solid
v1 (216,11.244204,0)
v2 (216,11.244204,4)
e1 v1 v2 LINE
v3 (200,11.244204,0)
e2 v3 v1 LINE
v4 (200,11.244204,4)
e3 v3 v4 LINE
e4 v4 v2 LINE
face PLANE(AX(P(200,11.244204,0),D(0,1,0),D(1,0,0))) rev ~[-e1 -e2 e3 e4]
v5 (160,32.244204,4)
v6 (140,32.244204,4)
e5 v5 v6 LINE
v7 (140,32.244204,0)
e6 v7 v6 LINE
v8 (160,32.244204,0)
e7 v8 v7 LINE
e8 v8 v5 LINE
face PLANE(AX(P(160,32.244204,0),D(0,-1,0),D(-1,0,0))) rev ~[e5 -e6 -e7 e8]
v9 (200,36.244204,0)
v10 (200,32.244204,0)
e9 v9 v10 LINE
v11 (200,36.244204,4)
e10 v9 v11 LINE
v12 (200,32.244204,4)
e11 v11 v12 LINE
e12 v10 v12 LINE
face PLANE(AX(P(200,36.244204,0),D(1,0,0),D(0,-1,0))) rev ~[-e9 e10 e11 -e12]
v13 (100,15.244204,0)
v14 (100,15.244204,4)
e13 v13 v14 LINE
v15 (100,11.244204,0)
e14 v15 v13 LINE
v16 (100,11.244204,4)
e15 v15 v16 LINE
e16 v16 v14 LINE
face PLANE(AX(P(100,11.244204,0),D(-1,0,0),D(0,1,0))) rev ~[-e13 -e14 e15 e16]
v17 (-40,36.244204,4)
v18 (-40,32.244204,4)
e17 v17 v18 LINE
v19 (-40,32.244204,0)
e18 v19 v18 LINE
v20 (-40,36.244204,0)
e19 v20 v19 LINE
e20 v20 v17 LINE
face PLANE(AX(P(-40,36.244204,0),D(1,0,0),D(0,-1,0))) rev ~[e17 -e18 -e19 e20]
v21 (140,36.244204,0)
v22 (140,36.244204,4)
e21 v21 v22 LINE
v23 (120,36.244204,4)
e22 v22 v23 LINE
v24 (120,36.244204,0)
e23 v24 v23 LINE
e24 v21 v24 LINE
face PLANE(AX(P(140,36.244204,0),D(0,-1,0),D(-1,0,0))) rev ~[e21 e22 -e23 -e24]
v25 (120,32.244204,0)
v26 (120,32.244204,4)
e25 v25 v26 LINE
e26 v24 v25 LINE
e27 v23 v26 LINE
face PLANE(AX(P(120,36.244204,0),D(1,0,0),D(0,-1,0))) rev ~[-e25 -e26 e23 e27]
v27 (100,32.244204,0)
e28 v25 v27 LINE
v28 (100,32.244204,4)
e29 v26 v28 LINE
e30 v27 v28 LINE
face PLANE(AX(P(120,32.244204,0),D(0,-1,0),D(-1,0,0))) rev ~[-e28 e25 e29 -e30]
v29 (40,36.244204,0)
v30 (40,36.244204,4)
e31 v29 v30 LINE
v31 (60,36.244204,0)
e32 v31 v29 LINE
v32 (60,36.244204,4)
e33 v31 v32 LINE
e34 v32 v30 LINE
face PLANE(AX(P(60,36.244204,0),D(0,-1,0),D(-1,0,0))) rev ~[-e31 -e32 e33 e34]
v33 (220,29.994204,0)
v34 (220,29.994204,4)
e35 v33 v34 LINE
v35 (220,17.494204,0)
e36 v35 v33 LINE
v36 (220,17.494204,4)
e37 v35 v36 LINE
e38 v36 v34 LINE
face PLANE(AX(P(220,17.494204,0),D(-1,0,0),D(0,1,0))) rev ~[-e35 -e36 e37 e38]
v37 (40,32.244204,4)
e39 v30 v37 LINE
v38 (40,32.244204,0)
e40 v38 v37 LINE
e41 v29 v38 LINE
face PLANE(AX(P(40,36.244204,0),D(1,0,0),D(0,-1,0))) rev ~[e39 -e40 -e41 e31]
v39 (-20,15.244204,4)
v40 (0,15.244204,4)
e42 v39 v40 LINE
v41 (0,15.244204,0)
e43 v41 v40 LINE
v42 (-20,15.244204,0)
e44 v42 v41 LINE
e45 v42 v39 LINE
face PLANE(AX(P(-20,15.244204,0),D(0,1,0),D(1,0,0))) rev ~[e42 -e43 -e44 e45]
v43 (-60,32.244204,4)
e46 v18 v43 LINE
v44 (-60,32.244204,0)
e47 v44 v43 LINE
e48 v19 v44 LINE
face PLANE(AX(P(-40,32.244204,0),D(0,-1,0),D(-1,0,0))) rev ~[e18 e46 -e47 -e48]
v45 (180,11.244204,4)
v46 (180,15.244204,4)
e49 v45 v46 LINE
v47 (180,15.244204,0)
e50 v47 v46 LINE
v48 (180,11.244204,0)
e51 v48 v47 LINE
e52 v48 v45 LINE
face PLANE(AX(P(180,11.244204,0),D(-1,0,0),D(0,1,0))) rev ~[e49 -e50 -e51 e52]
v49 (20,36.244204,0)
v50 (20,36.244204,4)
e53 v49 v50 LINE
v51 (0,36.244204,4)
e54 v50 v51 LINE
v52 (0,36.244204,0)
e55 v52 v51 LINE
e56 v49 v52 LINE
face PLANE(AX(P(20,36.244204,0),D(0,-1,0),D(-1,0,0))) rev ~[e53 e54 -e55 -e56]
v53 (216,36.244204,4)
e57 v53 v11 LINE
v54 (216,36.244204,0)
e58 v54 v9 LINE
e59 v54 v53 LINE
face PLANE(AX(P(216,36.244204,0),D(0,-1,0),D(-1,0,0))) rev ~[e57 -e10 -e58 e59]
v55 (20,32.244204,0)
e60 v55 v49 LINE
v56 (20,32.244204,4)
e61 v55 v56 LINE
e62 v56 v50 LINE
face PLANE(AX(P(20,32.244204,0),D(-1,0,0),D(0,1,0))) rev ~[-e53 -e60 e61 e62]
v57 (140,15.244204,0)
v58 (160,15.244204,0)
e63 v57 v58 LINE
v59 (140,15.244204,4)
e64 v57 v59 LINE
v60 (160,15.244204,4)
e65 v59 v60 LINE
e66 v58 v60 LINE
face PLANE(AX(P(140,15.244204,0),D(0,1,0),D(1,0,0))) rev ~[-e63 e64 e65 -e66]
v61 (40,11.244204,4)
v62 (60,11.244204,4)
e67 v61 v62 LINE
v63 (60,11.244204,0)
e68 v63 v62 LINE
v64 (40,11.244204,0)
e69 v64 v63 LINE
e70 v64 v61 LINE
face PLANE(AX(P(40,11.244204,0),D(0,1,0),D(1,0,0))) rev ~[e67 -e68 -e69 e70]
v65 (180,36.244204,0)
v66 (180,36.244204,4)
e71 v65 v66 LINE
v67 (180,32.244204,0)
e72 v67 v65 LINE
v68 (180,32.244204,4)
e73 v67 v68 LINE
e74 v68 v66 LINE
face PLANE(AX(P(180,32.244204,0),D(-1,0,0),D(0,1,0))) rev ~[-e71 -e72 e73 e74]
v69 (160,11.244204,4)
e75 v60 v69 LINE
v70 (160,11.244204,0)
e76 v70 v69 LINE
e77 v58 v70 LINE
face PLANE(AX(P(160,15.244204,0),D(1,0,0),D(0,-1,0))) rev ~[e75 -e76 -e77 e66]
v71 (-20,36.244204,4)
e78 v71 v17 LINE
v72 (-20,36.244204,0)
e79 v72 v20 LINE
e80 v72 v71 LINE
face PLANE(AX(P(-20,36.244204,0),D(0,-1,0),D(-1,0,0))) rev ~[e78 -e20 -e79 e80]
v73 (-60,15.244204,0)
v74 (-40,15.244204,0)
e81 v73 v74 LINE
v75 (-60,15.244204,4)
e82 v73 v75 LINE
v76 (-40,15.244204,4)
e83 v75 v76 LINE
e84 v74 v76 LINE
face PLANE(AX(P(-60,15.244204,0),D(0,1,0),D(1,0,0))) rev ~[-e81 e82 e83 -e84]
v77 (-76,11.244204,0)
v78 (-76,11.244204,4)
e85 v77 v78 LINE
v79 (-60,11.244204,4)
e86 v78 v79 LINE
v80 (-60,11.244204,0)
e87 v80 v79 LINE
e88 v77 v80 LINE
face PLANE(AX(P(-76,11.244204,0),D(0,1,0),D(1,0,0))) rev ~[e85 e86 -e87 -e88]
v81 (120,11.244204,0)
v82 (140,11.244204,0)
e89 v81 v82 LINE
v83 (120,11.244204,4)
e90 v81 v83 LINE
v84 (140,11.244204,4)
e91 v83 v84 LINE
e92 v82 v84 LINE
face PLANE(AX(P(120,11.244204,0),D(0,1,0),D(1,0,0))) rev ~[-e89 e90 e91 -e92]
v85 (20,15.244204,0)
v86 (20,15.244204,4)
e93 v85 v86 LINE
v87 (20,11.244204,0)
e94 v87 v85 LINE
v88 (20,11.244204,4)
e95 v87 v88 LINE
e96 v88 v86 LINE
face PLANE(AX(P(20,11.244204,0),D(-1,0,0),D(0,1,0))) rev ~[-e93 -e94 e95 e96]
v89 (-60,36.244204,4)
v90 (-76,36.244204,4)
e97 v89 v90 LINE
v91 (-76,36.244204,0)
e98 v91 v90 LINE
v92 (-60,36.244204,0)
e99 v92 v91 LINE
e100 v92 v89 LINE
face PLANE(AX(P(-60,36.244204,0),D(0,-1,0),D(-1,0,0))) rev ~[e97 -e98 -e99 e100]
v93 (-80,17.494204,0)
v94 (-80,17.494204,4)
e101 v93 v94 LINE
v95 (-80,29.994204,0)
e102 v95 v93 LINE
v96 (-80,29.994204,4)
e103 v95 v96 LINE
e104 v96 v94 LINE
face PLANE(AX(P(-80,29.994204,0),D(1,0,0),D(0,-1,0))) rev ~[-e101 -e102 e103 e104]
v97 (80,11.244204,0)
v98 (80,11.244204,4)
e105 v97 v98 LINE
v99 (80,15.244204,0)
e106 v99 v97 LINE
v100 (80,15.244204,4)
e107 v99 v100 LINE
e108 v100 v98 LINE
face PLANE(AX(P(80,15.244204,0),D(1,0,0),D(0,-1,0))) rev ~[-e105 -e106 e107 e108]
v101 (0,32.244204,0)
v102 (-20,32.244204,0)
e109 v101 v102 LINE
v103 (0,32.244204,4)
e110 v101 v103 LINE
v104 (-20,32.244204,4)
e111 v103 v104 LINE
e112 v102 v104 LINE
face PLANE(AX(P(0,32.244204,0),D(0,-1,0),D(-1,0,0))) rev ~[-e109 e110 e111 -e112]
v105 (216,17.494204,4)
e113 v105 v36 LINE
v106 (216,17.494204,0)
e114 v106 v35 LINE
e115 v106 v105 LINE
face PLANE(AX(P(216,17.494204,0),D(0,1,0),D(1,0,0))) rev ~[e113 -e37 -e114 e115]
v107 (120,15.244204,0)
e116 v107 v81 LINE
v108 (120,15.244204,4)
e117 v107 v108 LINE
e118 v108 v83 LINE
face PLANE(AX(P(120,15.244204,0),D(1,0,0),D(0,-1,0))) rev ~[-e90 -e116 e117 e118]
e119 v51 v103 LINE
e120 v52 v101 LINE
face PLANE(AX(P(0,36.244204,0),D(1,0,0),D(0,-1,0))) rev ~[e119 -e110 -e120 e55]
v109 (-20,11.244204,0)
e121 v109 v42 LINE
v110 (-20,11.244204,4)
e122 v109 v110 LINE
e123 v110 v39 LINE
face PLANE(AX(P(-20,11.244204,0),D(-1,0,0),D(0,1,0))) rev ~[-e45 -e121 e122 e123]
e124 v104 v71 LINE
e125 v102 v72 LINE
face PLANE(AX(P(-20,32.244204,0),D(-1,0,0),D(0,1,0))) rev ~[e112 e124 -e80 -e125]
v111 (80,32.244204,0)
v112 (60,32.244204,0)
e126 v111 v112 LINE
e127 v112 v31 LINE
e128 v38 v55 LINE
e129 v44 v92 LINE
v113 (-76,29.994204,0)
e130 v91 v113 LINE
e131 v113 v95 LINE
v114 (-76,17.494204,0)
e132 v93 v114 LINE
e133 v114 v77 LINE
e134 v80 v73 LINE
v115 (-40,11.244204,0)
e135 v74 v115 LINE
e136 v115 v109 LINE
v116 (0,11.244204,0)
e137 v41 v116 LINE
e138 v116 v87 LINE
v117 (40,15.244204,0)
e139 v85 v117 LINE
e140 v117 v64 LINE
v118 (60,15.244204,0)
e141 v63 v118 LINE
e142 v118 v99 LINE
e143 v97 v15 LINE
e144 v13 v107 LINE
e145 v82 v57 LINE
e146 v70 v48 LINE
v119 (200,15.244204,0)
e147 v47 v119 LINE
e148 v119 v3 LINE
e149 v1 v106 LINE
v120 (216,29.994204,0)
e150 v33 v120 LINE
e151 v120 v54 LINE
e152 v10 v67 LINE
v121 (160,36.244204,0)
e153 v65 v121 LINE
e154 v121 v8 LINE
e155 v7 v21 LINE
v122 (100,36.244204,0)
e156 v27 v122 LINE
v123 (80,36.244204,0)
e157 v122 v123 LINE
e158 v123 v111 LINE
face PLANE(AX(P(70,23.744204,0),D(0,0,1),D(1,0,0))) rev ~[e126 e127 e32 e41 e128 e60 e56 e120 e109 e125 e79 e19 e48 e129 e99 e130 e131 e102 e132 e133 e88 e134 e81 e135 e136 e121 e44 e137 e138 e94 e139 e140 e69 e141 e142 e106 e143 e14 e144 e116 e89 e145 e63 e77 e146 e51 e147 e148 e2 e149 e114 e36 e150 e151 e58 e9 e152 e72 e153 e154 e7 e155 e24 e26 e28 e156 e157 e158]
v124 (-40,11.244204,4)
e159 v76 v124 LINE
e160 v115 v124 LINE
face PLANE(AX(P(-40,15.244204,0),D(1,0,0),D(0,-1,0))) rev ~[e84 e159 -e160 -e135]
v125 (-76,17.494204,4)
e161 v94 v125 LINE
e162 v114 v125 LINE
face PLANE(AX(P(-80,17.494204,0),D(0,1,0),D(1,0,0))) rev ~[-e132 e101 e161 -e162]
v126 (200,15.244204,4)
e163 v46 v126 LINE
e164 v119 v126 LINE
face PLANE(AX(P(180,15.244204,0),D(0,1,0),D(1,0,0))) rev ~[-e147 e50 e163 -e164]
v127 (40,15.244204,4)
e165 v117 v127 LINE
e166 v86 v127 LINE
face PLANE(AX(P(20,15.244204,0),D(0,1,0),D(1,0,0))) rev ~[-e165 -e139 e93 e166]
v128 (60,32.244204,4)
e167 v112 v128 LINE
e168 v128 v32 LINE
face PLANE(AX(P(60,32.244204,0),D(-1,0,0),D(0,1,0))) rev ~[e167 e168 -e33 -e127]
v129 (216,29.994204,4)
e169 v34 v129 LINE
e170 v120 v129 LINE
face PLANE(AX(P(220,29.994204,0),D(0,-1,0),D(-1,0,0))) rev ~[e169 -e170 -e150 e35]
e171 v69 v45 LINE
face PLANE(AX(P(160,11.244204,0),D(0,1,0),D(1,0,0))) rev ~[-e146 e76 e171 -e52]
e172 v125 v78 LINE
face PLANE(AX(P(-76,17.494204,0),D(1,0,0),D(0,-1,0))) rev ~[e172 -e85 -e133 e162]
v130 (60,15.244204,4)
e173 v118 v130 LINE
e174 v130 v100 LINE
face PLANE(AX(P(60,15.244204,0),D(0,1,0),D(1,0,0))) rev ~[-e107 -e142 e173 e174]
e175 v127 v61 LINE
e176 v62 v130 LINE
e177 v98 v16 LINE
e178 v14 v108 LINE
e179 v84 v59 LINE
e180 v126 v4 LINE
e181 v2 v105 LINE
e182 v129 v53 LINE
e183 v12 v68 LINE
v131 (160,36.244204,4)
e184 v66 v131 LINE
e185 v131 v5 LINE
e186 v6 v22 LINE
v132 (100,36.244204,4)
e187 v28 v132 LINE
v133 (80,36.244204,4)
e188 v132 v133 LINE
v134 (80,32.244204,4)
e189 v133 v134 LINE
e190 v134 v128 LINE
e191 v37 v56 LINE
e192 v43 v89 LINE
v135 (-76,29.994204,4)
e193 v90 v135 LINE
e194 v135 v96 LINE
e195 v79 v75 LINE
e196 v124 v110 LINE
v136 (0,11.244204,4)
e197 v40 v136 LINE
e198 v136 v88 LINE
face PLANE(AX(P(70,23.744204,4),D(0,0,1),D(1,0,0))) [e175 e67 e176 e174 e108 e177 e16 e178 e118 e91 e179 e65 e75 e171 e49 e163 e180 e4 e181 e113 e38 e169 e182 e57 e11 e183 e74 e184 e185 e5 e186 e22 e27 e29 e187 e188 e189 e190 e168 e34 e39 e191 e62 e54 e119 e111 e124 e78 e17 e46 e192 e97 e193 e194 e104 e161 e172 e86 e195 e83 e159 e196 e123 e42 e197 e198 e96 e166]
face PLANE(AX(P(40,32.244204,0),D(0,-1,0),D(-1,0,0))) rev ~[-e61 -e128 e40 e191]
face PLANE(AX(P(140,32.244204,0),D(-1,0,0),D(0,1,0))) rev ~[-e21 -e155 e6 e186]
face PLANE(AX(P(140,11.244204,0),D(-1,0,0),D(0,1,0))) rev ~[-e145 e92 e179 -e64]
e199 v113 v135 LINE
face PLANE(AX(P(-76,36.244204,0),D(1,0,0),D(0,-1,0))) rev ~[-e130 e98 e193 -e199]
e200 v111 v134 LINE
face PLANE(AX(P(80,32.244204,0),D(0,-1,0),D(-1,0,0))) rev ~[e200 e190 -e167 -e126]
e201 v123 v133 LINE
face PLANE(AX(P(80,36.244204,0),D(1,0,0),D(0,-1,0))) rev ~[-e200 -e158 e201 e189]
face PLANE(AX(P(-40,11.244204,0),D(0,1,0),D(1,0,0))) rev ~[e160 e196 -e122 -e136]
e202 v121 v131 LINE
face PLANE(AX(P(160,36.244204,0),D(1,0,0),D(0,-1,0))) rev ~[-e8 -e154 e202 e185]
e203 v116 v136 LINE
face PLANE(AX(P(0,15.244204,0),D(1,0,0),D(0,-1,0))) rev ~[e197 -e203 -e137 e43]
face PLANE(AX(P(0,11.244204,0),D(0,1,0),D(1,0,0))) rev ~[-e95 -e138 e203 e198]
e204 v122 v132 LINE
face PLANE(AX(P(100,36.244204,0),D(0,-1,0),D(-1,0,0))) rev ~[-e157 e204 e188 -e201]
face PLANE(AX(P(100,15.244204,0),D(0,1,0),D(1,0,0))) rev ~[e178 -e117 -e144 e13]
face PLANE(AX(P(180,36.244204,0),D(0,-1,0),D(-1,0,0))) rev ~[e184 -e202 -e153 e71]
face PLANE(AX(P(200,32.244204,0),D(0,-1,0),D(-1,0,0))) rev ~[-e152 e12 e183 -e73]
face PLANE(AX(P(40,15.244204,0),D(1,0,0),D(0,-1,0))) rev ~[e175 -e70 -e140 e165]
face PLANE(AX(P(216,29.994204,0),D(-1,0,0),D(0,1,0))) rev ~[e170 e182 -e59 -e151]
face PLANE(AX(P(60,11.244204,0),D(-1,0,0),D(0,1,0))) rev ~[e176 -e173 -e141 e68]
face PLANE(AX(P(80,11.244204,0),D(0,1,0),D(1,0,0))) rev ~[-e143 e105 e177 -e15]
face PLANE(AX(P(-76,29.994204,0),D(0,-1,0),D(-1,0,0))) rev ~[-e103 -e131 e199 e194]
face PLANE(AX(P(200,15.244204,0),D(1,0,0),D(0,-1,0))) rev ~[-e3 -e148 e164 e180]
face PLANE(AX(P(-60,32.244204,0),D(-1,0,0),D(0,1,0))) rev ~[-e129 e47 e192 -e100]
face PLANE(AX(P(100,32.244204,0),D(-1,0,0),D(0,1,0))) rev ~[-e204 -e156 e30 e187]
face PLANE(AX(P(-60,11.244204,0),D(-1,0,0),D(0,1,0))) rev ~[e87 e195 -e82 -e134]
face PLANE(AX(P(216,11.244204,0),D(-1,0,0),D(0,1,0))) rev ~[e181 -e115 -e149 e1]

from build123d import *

# Parameters (mm, degrees)
F1_DEPTH = 4


with BuildPart() as f1:
    # F0 (on Top) → F1 (new body)
    with BuildSketch(Plane.XY):
        Polygon((200, 11.244204), (216, 11.244204), (216, 17.494204), (220, 17.494204), (220, 29.994204), (216, 29.994204), (216, 36.244204), (200, 36.244204), (200, 32.244204), (180, 32.244204), (180, 36.244204), (160, 36.244204), (160, 32.244204), (140, 32.244204), (140, 36.244204), (120, 36.244204), (120, 32.244204), (100, 32.244204), (100, 36.244204), (80, 36.244204), (80, 32.244204), (60, 32.244204), (60, 36.244204), (40, 36.244204), (40, 32.244204), (20, 32.244204), (20, 36.244204), (0, 36.244204), (0, 32.244204), (-20, 32.244204), (-20, 36.244204), (-40, 36.244204), (-40, 32.244204), (-60, 32.244204), (-60, 36.244204), (-76, 36.244204), (-76, 29.994204), (-80, 29.994204), (-80, 17.494204), (-76, 17.494204), (-76, 11.244204), (-60, 11.244204), (-60, 15.244204), (-40, 15.244204), (-40, 11.244204), (-20, 11.244204), (-20, 15.244204), (0, 15.244204), (0, 11.244204), (20, 11.244204), (20, 15.244204), (40, 15.244204), (40, 11.244204), (60, 11.244204), (60, 15.244204), (80, 15.244204), (80, 11.244204), (100, 11.244204), (100, 15.244204), (120, 15.244204), (120, 11.244204), (140, 11.244204), (140, 15.244204), (160, 15.244204), (160, 11.244204), (180, 11.244204), (180, 15.244204), (200, 15.244204), align=None)
    extrude(amount=F1_DEPTH)


solid = f1.part
